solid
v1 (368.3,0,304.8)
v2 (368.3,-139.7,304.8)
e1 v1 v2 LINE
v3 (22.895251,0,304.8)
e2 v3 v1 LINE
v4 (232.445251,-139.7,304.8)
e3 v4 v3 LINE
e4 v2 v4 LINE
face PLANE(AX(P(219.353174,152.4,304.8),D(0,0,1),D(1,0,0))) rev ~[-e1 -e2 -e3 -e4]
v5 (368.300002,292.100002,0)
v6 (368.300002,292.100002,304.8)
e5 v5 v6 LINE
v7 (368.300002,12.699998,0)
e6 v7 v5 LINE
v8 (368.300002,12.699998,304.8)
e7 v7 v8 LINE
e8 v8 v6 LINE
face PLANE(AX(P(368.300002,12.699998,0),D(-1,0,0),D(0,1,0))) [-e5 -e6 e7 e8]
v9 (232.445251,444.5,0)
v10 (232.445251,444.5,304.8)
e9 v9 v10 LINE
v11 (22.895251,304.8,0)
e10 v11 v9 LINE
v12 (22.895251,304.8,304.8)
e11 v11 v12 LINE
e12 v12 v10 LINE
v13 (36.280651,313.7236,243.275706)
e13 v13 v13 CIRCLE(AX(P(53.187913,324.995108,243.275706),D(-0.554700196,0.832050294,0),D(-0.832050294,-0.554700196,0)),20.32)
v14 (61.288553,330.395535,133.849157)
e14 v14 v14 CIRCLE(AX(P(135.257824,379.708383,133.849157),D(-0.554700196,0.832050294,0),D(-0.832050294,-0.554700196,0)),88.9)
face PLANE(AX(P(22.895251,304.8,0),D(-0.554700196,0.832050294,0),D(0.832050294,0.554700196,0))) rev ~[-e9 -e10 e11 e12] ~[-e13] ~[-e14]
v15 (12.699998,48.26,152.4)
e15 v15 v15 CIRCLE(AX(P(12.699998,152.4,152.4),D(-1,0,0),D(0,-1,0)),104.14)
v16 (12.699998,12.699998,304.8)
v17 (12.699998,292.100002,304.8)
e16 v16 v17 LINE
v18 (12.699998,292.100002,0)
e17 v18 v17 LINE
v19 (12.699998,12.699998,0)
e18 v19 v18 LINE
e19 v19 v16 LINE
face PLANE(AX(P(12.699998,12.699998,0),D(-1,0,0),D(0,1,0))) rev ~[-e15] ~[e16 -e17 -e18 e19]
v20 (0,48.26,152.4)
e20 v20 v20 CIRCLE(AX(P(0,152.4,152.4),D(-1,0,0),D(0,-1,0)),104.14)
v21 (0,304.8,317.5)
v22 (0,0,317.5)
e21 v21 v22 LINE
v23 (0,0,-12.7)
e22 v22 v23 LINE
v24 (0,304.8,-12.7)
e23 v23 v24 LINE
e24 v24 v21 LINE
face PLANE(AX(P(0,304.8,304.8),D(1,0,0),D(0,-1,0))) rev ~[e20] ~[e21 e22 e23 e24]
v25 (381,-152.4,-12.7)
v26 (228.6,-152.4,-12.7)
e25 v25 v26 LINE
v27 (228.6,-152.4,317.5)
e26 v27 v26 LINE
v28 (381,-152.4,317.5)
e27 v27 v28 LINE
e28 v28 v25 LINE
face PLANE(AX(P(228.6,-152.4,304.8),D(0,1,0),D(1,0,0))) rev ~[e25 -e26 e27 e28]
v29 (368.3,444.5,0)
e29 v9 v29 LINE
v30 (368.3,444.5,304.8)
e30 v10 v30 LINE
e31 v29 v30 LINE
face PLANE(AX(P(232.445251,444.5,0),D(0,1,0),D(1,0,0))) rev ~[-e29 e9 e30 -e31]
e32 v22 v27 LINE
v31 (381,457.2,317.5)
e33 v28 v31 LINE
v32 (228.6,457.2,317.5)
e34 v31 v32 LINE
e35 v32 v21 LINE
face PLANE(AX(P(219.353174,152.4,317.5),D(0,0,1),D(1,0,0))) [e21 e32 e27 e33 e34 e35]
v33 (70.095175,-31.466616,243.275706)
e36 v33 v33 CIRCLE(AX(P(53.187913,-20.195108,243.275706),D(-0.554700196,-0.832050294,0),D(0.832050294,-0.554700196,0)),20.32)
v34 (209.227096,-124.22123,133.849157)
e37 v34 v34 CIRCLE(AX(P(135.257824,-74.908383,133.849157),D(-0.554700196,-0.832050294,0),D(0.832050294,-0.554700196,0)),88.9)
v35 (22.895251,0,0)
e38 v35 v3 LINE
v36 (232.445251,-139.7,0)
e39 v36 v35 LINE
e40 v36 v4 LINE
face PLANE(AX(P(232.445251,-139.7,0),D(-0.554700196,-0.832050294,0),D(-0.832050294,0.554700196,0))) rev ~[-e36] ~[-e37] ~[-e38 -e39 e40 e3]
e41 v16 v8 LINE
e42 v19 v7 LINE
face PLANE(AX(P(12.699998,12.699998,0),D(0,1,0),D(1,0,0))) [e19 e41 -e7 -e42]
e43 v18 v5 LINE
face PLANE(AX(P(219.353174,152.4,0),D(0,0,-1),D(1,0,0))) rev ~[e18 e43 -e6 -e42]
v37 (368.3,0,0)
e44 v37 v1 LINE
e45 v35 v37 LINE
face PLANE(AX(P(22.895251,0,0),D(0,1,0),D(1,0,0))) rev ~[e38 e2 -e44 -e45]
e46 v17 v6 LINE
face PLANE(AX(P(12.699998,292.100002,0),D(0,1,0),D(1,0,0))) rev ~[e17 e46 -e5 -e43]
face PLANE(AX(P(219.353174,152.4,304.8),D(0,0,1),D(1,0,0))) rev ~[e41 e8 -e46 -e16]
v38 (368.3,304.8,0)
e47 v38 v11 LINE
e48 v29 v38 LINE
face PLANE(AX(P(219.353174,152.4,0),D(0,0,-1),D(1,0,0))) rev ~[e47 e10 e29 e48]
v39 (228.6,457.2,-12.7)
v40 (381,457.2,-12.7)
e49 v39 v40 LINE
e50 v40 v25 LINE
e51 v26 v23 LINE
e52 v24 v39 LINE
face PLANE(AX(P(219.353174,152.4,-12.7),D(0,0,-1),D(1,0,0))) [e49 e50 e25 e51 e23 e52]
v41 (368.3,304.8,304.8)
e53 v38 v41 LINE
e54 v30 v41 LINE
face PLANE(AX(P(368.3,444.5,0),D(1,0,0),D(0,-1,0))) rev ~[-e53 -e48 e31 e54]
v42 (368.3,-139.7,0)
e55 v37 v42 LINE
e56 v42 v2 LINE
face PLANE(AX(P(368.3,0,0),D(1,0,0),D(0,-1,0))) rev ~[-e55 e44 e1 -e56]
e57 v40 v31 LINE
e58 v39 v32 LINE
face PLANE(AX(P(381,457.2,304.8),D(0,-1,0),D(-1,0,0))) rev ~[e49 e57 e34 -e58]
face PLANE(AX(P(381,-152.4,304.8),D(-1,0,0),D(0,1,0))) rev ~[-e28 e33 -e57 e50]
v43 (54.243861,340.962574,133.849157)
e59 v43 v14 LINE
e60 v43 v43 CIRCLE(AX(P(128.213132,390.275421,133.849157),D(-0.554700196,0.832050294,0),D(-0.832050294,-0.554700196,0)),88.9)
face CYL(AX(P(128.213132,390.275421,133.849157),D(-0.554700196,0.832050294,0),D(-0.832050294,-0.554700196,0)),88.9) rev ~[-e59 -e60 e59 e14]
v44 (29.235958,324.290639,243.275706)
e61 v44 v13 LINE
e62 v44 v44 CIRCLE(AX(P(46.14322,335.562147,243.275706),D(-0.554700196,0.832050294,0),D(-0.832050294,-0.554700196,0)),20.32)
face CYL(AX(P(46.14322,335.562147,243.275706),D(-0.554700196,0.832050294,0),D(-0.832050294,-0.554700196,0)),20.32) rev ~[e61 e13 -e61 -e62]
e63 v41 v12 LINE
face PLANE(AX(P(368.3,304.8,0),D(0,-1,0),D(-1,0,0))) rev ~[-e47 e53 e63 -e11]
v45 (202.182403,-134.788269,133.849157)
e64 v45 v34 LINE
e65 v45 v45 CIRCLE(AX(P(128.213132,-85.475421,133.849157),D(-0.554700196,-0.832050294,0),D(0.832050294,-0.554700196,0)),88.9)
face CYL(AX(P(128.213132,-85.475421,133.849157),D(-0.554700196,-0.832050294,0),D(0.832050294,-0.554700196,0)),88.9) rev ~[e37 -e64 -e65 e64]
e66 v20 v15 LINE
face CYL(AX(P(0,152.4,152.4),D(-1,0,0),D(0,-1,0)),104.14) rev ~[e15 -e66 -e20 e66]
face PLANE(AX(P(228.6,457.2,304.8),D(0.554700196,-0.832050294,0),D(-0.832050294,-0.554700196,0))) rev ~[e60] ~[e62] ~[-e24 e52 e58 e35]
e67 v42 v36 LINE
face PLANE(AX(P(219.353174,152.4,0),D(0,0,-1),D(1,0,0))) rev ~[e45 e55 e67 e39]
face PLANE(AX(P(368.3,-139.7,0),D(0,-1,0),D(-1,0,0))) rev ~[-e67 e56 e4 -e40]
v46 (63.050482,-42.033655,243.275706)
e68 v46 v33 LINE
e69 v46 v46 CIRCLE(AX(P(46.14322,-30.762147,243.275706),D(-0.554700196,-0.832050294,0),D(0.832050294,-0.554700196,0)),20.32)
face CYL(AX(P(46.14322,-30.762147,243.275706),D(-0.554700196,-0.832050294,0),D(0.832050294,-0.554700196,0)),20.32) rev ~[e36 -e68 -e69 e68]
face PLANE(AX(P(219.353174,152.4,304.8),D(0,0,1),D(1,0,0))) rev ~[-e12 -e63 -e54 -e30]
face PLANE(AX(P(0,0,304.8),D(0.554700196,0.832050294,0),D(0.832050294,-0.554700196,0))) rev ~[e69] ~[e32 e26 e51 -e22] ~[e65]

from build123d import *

# Parameters (mm, degrees)
F0_W      = 355.6000034809
F0_H      = 279.4000034809
F1_DEPTH  = 304.8
F2_R      = 104.14
F3_DEPTH  = 12.6999982595
F4_R      = 88.9
F4_R_2    = 20.32
F5_DEPTH  = 12.7
F6_R      = 88.9
F6_R_2    = 20.32
F7_DEPTH  = 12.7
F9_DEPTH  = 12.7
F11_DEPTH = 12.7


with BuildPart() as f1:
    # F0 (on Top) → F1 (new body)
    with BuildSketch(Plane.XY):
        Polygon((0, 304.8), (0, 0), (22.8952505992, 0), (368.3, 0), (381, 0), (381, 304.8), (368.3, 304.8), (22.8952505992, 304.8), align=None)
        with Locations((190.5, 152.4)):
            Rectangle(F0_W, F0_H, mode=Mode.SUBTRACT)
        Polygon((22.8952505992, 0), (0, 0), (228.6, -152.4), (381, -152.4), (381, 0), (368.3, 0), (368.3, -139.7), (232.4452505992, -139.7), align=None)
        Polygon((228.6, 457.2), (0, 304.8), (22.8952505992, 304.8), (232.4452505992, 444.5), (368.3, 444.5), (368.3, 304.8), (381, 304.8), (381, 457.2), align=None)
    extrude(amount=F1_DEPTH)

    # F2 (on face) → F3 (cut, through all)
    with BuildSketch(Plane(origin=(0, 0, 0), x_dir=(0, -1, 0), z_dir=(-1, 0, 0))):
        with Locations((-152.4, 152.4)):
            Circle(F2_R)
    extrude(amount=-F3_DEPTH, mode=Mode.SUBTRACT)

    # F4 (on face) → F5 (cut, through all)
    with BuildSketch(Plane(origin=(-140.6769230769, 211.0153846154, 0), x_dir=(-0.8320502943, -0.5547001962, 0), z_dir=(-0.5547001962, 0.8320502943, 0))):
        with Locations((-323.1656269998, 133.8491573491)):
            Circle(F4_R)
        with Locations((-224.529868778, 243.2757062301)):
            Circle(F4_R_2)
    extrude(amount=-F5_DEPTH, mode=Mode.SUBTRACT)

    # F6 (on face) → F7 (cut, through all)
    with BuildSketch(Plane(origin=(0, 0, 0), x_dir=(0.8320502943, -0.5547001962, 0), z_dir=(-0.5547001962, -0.8320502943, 0))):
        with Locations((154.0930071904, 133.8491573491)):
            Circle(F6_R)
        with Locations((55.4572489685, 243.2757062301)):
            Circle(F6_R_2)
    extrude(amount=-F7_DEPTH, mode=Mode.SUBTRACT)

    # F8 (on face) → F9 (join)
    with BuildSketch(Plane(origin=(0, 0, 0), x_dir=(1, 0, 0), z_dir=(0, 0, -1))):
        Polygon((381, -457.2), (381, 152.4), (228.6, 152.4), (0, 0), (0, -304.8), (228.6, -457.2), align=None)
    extrude(amount=F9_DEPTH)

    # F10 (on face) → F11 (join)
    with BuildSketch(Plane.XY.offset(304.8)):
        Polygon((381, -152.4), (381, 457.2), (228.6, 457.2), (0, 304.8), (0, 0), (228.6, -152.4), align=None)
    extrude(amount=F11_DEPTH)


solid = f1.part
